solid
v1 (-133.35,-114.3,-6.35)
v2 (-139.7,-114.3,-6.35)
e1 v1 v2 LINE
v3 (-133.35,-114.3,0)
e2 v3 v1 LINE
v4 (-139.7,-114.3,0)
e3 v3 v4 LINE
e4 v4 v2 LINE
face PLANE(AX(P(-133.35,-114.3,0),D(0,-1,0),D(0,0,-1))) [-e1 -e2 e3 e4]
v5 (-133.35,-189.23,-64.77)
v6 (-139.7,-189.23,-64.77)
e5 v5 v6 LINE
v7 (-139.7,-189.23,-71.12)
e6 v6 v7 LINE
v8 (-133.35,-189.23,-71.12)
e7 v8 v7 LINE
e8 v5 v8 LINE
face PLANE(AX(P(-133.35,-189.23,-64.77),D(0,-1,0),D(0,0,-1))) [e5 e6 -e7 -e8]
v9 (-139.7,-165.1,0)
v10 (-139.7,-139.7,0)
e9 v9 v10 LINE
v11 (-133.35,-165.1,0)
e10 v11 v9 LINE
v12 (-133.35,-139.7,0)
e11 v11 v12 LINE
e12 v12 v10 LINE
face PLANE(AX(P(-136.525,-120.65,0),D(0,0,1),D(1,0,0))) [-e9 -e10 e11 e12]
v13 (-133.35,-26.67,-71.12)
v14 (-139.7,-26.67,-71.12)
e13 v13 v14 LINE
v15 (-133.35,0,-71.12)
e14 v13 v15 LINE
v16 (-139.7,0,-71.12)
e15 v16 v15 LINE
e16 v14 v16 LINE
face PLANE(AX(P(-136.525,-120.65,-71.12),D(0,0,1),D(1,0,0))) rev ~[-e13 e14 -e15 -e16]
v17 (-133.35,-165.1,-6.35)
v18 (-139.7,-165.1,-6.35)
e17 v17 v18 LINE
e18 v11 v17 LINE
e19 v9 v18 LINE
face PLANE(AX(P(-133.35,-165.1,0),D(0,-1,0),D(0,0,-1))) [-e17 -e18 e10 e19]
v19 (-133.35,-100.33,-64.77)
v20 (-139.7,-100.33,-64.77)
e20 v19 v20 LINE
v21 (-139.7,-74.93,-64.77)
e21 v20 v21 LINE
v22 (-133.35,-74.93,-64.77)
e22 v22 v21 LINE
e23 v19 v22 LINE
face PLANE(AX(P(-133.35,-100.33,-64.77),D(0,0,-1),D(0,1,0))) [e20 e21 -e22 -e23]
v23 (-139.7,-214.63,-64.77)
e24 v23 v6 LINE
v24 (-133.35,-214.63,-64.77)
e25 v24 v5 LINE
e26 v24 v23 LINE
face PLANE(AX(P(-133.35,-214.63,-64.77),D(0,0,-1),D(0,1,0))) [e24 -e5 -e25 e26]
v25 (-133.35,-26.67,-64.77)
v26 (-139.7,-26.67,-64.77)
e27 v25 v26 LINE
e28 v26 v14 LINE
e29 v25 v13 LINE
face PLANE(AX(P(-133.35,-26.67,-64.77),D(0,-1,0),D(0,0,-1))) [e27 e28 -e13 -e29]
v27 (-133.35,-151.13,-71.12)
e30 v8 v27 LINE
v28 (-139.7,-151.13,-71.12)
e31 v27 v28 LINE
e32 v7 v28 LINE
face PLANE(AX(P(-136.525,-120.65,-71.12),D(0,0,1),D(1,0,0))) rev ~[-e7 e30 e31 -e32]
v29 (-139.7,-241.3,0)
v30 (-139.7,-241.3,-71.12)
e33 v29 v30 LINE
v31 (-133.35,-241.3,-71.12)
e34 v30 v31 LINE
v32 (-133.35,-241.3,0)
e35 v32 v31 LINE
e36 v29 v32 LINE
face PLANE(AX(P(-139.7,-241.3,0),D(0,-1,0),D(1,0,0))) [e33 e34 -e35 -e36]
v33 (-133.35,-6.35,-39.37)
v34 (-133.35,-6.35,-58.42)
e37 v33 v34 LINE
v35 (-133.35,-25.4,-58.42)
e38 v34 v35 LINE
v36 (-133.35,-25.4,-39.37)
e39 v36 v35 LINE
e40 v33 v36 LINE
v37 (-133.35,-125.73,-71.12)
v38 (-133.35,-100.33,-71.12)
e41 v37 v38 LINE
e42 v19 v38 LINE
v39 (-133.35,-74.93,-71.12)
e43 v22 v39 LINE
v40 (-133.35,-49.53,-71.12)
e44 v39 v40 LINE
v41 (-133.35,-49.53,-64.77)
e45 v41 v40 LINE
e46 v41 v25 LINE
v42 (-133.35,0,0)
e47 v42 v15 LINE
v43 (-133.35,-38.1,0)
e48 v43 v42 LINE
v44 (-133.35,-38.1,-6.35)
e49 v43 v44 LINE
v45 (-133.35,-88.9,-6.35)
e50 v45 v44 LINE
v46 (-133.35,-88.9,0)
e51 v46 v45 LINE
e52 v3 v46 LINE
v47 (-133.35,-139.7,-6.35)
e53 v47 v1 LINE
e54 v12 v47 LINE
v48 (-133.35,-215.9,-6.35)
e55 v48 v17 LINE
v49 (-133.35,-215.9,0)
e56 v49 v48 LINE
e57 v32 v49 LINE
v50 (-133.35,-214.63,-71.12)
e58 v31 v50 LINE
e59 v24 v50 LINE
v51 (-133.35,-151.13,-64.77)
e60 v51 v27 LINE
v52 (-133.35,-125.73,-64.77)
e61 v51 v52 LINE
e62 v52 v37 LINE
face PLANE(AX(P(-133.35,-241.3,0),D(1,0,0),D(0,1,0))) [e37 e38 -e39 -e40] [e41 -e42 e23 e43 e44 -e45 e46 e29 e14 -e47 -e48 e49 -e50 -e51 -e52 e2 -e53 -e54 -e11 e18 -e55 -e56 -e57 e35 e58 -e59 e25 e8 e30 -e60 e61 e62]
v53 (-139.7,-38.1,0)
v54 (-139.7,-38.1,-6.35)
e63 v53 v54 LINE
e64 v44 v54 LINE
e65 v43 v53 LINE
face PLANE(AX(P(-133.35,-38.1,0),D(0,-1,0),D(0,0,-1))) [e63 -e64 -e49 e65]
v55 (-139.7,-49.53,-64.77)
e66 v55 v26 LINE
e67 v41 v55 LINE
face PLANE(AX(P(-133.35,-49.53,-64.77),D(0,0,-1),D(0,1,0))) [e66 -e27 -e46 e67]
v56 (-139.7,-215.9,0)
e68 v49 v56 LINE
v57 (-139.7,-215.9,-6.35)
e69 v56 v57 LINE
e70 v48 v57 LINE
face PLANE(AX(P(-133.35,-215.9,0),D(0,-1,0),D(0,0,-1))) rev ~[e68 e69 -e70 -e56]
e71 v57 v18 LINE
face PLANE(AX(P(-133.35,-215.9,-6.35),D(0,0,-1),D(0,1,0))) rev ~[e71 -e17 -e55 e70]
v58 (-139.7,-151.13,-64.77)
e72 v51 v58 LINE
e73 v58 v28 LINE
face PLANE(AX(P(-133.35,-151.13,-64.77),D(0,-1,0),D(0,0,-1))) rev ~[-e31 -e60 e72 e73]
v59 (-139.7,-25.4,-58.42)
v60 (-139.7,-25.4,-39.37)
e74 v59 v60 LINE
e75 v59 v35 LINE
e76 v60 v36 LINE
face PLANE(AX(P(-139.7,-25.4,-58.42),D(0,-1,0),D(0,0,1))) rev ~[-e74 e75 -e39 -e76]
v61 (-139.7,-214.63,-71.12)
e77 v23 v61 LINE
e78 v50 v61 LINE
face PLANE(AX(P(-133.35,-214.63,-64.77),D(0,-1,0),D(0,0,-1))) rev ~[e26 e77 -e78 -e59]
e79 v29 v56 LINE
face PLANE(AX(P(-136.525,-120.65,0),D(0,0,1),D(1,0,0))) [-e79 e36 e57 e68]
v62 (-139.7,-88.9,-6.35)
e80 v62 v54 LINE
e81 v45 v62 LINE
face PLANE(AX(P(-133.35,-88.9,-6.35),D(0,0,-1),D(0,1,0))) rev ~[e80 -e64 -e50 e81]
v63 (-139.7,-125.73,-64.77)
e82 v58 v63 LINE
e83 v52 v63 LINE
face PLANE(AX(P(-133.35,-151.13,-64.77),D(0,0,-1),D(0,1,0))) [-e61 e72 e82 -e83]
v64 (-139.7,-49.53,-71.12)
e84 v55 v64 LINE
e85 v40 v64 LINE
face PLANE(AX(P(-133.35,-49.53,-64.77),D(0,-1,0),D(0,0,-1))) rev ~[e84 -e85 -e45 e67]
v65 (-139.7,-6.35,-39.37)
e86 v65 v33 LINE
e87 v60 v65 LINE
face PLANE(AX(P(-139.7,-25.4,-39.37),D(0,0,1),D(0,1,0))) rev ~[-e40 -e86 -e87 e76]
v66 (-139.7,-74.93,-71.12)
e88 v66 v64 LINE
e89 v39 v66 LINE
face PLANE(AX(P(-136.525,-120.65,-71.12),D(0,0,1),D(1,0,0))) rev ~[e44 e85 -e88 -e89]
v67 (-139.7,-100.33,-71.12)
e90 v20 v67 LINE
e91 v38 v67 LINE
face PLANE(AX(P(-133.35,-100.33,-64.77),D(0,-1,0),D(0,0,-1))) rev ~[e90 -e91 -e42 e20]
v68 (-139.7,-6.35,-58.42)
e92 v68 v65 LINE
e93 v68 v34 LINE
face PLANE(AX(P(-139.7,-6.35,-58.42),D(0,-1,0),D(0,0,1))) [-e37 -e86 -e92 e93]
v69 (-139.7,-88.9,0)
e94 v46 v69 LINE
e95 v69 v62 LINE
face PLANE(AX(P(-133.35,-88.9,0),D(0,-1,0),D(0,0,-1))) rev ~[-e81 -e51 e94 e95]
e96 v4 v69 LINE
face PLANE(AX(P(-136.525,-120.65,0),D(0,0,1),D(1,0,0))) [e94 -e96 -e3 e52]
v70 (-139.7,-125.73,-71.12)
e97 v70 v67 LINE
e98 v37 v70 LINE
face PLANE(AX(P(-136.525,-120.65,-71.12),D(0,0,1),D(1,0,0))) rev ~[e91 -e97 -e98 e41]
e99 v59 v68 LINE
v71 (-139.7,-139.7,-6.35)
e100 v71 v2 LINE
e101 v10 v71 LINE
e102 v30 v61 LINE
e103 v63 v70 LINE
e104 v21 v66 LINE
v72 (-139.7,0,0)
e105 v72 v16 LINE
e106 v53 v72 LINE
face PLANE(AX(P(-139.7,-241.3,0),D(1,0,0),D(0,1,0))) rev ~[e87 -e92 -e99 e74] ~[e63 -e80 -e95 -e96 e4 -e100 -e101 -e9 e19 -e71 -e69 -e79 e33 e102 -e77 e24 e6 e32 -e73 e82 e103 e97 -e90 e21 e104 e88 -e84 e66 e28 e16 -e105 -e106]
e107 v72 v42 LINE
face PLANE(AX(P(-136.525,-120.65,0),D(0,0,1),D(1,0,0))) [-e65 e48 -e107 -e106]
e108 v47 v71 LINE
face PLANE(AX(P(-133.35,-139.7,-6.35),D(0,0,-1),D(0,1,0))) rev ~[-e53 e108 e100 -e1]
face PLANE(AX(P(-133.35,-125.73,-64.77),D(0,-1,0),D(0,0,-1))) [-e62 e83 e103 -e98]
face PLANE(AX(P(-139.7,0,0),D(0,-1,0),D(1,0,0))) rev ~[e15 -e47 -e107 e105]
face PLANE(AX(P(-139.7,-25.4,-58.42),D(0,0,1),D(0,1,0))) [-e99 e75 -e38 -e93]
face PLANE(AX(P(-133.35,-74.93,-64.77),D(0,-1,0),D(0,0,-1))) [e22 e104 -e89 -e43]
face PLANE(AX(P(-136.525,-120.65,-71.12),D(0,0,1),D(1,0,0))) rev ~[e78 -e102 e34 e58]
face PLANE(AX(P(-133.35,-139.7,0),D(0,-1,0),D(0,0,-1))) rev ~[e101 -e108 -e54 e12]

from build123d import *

# Parameters (mm, degrees)
SKETCH1_W           = 6.35
SKETCH1_H           = 241.3
BOSS_EXTRUDE1_DEPTH = 71.12
SKETCH2_W           = 6.35
SKETCH2_H           = 22.86
SKETCH2_H_2         = 25.4
CUT_EXTRUDE1_DEPTH  = 6.35
SKETCH3_W           = 6.35
SKETCH3_H           = 50.8
SKETCH3_H_2         = 25.4
CUT_EXTRUDE2_DEPTH  = 6.35
SKETCH4_W           = 19.05
SKETCH4_H           = 19.05
CUT_EXTRUDE3_DEPTH  = 7.35


with BuildPart() as part:
    # Sketch1 → Boss-Extrude1 (new body)
    with BuildSketch(Plane.XY):
        with Locations((-136.525, -120.65)):
            Rectangle(SKETCH1_W, SKETCH1_H)
    extrude(amount=-BOSS_EXTRUDE1_DEPTH)

    # Sketch2 → Cut-Extrude1 (cut)
    with BuildSketch(Plane(origin=(-133.35, 0, 0), x_dir=(0, 0, -1), z_dir=(1, 0, 0))):
        with Locations((67.945, -38.1)):
            Rectangle(SKETCH2_W, SKETCH2_H)
        with Locations((67.945, -87.63)):
            Rectangle(SKETCH2_W, SKETCH2_H_2)
        with Locations((67.945, -138.43)):
            Rectangle(SKETCH2_W, SKETCH2_H_2)
        with Locations((67.945, -201.93)):
            Rectangle(SKETCH2_W, SKETCH2_H_2)
    extrude(amount=-CUT_EXTRUDE1_DEPTH, mode=Mode.SUBTRACT)

    # Sketch3 → Cut-Extrude2 (cut)
    with BuildSketch(Plane(origin=(-133.35, 0, 0), x_dir=(0, 0, -1), z_dir=(1, 0, 0))):
        with Locations((3.175, -190.5)):
            Rectangle(SKETCH3_W, SKETCH3_H)
        with Locations((3.175, -127)):
            Rectangle(SKETCH3_W, SKETCH3_H_2)
        with Locations((3.175, -63.5)):
            Rectangle(SKETCH3_W, SKETCH3_H)
    extrude(amount=-CUT_EXTRUDE2_DEPTH, mode=Mode.SUBTRACT)

    # Sketch4 → Cut-Extrude3 (cut, through all)
    with BuildSketch(Plane.ZY.offset(139.7)):
        with Locations((-48.895, -15.875)):
            Rectangle(SKETCH4_W, SKETCH4_H)
    extrude(amount=-CUT_EXTRUDE3_DEPTH, mode=Mode.SUBTRACT)


solid = part.part
